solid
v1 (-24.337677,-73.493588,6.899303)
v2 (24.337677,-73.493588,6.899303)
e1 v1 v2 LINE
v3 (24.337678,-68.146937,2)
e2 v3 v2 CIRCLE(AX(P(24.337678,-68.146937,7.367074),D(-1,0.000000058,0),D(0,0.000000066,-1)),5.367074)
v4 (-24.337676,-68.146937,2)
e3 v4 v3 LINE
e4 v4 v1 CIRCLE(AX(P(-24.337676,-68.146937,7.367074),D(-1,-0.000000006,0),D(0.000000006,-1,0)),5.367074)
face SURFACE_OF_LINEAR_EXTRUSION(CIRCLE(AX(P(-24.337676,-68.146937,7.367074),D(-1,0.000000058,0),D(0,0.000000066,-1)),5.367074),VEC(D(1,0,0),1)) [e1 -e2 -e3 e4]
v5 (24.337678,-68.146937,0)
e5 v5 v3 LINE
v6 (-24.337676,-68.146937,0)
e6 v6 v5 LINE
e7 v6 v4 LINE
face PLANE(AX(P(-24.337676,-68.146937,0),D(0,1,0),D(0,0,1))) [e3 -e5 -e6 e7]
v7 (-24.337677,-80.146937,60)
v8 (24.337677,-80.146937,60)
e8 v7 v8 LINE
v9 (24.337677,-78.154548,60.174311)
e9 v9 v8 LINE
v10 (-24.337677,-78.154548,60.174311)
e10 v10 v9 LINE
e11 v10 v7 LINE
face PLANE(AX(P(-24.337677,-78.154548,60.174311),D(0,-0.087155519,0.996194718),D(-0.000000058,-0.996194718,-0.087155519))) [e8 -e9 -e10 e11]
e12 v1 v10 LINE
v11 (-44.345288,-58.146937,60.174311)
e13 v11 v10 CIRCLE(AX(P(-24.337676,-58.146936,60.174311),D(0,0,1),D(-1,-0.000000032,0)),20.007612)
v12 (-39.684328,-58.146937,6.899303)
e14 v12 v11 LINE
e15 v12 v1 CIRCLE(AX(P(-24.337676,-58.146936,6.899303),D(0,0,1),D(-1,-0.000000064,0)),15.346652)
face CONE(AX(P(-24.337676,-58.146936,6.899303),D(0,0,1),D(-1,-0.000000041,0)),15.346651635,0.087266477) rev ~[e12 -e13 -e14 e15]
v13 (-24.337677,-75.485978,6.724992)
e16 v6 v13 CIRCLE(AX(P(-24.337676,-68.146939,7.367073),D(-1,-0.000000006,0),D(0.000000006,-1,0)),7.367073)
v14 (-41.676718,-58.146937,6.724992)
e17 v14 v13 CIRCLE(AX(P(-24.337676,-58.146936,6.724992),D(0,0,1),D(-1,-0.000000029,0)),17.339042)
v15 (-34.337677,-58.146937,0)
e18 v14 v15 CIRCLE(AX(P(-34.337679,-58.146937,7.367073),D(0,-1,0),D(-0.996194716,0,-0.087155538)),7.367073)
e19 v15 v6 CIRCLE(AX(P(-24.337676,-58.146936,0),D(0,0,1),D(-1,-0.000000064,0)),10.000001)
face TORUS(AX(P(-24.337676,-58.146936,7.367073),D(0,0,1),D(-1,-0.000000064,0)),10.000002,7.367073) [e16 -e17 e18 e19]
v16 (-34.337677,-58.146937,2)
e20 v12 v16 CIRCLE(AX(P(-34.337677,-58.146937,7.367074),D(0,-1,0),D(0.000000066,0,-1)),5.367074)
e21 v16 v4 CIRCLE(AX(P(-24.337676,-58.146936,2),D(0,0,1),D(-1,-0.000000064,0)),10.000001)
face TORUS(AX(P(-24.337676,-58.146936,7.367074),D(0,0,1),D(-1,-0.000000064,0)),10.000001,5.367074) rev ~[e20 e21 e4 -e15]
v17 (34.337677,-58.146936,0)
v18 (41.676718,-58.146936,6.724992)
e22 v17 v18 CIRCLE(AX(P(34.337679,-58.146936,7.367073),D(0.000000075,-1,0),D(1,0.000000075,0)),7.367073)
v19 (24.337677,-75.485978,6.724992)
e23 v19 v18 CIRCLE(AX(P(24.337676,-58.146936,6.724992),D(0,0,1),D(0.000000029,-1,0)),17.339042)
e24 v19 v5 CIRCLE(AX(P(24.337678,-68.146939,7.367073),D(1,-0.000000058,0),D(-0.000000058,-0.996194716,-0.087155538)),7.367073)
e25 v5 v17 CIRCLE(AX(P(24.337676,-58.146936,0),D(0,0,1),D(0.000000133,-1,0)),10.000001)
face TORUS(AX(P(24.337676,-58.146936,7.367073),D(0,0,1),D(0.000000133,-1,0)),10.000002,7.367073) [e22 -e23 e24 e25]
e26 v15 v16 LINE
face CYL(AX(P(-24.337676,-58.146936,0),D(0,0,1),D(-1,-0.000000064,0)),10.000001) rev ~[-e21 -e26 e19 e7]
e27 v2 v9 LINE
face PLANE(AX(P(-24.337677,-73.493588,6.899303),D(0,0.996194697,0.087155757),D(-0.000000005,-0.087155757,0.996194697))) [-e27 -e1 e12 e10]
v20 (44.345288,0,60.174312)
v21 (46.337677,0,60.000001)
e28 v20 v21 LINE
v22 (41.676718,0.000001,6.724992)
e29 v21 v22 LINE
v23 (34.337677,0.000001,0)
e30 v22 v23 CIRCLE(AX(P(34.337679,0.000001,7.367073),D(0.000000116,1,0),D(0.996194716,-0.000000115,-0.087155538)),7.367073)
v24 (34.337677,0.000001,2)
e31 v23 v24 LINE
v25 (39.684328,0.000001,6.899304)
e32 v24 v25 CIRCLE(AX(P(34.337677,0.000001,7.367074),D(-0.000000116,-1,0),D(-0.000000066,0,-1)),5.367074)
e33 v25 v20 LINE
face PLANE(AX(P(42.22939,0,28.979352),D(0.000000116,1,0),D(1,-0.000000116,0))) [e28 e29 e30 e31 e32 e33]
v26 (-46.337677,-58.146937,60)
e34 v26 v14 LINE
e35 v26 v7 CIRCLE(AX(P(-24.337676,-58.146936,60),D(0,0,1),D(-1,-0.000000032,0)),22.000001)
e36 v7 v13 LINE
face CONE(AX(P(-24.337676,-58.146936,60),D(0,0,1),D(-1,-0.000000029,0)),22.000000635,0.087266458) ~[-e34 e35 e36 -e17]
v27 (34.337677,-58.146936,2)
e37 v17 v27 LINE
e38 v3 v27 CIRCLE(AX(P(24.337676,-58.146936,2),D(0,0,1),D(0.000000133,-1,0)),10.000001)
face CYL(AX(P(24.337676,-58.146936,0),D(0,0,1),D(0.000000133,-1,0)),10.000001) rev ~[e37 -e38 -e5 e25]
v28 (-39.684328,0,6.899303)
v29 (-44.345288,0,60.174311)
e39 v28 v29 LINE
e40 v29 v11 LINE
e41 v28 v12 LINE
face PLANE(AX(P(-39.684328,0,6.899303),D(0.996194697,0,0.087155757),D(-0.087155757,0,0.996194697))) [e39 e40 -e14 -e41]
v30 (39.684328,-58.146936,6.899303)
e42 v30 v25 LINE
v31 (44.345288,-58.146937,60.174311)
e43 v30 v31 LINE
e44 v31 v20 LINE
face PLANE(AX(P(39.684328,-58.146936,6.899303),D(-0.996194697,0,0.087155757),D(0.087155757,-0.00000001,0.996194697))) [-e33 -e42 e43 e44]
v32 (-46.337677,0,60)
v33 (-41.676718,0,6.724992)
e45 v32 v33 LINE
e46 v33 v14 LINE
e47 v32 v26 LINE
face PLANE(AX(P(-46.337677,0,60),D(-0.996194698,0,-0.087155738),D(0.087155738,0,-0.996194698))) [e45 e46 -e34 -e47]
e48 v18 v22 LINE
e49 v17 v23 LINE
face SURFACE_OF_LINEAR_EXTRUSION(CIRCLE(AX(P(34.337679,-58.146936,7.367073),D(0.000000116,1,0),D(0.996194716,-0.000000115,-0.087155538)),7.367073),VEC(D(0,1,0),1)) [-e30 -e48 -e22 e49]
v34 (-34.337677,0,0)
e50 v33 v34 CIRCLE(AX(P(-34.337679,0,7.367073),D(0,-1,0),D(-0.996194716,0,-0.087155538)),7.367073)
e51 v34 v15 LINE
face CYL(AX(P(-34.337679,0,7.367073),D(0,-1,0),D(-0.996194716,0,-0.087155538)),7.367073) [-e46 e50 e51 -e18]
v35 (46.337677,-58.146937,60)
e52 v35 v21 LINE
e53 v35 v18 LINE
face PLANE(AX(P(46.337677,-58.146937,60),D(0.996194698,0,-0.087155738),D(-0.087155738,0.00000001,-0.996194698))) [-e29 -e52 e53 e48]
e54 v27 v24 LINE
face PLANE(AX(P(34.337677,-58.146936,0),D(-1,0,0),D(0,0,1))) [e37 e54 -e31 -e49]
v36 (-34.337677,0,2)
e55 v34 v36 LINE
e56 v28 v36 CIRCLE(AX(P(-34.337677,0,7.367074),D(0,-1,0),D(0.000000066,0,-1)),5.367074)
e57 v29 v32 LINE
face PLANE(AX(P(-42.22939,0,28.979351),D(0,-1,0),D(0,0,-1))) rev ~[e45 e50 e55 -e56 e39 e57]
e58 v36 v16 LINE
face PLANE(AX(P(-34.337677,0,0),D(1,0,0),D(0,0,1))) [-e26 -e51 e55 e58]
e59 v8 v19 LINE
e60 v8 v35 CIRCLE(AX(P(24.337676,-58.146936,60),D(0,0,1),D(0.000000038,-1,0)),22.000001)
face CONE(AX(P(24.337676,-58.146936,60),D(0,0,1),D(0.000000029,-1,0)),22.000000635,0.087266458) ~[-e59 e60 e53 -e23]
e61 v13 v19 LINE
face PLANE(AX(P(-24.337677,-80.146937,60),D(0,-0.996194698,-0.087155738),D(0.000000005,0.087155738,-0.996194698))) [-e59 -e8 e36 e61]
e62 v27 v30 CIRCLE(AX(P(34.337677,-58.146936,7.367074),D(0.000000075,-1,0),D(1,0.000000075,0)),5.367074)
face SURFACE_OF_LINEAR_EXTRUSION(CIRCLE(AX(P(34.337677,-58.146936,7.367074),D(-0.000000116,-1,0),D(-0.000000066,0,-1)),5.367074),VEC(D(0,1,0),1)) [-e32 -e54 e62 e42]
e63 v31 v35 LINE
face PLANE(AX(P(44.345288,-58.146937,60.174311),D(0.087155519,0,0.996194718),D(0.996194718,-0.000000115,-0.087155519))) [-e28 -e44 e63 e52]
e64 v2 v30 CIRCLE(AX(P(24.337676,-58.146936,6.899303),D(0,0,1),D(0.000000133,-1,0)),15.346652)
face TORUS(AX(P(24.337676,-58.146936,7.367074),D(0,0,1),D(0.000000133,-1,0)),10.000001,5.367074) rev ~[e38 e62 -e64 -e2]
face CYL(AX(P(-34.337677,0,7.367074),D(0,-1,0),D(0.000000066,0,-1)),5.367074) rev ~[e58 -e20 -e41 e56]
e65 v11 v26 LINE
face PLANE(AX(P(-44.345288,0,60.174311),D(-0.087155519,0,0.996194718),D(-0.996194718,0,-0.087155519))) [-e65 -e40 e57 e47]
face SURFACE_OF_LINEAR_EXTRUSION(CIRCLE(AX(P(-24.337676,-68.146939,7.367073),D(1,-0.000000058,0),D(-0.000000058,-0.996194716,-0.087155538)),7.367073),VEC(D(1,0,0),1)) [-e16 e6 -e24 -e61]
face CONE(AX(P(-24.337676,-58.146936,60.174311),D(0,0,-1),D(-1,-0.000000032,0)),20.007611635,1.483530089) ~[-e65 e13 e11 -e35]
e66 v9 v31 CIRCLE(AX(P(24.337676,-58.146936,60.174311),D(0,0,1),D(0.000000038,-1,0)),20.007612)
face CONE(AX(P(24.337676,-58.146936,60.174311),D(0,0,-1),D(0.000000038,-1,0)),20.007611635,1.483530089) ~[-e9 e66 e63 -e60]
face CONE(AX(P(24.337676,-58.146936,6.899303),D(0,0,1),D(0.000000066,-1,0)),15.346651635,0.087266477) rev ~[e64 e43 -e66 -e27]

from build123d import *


with BuildPart() as f4:
    # F4: sweep along a path in F2
    with BuildLine(Plane.XY.offset(60)) as f4_path:
        Line((-46.337677, 0), (-46.337677, -58.146937))
        ThreePointArc((-46.337677, -58.146937), (-39.894026, -73.703286), (-24.337677, -80.146937))
        Line((-24.337677, -80.146937), (24.337677, -80.146937))
        ThreePointArc((24.337677, -80.146937), (39.894026, -73.703286), (46.337677, -58.146937))
        Line((46.337677, -58.146937), (46.337677, 0))
    # F3 (on Front) → F4 (sweep)
    with BuildSketch(Plane.XZ):
        with BuildLine():
            Line((-44.345288, 60.174311), (-46.337677, 60))
            Line((-46.337677, 60), (-41.676718, 6.724992))
            ThreePointArc((-41.676718, 6.724992), (-39.314801, 1.935497), (-34.337677, 0))
            Line((-34.337677, 0), (-34.337677, 2))
            ThreePointArc((-34.337677, 2), (-37.96362, 3.410052), (-39.684328, 6.899303))
            Line((-39.684328, 6.899303), (-44.345288, 60.174311))
        make_face()
    sweep(path=f4_path.line)


solid = f4.part
